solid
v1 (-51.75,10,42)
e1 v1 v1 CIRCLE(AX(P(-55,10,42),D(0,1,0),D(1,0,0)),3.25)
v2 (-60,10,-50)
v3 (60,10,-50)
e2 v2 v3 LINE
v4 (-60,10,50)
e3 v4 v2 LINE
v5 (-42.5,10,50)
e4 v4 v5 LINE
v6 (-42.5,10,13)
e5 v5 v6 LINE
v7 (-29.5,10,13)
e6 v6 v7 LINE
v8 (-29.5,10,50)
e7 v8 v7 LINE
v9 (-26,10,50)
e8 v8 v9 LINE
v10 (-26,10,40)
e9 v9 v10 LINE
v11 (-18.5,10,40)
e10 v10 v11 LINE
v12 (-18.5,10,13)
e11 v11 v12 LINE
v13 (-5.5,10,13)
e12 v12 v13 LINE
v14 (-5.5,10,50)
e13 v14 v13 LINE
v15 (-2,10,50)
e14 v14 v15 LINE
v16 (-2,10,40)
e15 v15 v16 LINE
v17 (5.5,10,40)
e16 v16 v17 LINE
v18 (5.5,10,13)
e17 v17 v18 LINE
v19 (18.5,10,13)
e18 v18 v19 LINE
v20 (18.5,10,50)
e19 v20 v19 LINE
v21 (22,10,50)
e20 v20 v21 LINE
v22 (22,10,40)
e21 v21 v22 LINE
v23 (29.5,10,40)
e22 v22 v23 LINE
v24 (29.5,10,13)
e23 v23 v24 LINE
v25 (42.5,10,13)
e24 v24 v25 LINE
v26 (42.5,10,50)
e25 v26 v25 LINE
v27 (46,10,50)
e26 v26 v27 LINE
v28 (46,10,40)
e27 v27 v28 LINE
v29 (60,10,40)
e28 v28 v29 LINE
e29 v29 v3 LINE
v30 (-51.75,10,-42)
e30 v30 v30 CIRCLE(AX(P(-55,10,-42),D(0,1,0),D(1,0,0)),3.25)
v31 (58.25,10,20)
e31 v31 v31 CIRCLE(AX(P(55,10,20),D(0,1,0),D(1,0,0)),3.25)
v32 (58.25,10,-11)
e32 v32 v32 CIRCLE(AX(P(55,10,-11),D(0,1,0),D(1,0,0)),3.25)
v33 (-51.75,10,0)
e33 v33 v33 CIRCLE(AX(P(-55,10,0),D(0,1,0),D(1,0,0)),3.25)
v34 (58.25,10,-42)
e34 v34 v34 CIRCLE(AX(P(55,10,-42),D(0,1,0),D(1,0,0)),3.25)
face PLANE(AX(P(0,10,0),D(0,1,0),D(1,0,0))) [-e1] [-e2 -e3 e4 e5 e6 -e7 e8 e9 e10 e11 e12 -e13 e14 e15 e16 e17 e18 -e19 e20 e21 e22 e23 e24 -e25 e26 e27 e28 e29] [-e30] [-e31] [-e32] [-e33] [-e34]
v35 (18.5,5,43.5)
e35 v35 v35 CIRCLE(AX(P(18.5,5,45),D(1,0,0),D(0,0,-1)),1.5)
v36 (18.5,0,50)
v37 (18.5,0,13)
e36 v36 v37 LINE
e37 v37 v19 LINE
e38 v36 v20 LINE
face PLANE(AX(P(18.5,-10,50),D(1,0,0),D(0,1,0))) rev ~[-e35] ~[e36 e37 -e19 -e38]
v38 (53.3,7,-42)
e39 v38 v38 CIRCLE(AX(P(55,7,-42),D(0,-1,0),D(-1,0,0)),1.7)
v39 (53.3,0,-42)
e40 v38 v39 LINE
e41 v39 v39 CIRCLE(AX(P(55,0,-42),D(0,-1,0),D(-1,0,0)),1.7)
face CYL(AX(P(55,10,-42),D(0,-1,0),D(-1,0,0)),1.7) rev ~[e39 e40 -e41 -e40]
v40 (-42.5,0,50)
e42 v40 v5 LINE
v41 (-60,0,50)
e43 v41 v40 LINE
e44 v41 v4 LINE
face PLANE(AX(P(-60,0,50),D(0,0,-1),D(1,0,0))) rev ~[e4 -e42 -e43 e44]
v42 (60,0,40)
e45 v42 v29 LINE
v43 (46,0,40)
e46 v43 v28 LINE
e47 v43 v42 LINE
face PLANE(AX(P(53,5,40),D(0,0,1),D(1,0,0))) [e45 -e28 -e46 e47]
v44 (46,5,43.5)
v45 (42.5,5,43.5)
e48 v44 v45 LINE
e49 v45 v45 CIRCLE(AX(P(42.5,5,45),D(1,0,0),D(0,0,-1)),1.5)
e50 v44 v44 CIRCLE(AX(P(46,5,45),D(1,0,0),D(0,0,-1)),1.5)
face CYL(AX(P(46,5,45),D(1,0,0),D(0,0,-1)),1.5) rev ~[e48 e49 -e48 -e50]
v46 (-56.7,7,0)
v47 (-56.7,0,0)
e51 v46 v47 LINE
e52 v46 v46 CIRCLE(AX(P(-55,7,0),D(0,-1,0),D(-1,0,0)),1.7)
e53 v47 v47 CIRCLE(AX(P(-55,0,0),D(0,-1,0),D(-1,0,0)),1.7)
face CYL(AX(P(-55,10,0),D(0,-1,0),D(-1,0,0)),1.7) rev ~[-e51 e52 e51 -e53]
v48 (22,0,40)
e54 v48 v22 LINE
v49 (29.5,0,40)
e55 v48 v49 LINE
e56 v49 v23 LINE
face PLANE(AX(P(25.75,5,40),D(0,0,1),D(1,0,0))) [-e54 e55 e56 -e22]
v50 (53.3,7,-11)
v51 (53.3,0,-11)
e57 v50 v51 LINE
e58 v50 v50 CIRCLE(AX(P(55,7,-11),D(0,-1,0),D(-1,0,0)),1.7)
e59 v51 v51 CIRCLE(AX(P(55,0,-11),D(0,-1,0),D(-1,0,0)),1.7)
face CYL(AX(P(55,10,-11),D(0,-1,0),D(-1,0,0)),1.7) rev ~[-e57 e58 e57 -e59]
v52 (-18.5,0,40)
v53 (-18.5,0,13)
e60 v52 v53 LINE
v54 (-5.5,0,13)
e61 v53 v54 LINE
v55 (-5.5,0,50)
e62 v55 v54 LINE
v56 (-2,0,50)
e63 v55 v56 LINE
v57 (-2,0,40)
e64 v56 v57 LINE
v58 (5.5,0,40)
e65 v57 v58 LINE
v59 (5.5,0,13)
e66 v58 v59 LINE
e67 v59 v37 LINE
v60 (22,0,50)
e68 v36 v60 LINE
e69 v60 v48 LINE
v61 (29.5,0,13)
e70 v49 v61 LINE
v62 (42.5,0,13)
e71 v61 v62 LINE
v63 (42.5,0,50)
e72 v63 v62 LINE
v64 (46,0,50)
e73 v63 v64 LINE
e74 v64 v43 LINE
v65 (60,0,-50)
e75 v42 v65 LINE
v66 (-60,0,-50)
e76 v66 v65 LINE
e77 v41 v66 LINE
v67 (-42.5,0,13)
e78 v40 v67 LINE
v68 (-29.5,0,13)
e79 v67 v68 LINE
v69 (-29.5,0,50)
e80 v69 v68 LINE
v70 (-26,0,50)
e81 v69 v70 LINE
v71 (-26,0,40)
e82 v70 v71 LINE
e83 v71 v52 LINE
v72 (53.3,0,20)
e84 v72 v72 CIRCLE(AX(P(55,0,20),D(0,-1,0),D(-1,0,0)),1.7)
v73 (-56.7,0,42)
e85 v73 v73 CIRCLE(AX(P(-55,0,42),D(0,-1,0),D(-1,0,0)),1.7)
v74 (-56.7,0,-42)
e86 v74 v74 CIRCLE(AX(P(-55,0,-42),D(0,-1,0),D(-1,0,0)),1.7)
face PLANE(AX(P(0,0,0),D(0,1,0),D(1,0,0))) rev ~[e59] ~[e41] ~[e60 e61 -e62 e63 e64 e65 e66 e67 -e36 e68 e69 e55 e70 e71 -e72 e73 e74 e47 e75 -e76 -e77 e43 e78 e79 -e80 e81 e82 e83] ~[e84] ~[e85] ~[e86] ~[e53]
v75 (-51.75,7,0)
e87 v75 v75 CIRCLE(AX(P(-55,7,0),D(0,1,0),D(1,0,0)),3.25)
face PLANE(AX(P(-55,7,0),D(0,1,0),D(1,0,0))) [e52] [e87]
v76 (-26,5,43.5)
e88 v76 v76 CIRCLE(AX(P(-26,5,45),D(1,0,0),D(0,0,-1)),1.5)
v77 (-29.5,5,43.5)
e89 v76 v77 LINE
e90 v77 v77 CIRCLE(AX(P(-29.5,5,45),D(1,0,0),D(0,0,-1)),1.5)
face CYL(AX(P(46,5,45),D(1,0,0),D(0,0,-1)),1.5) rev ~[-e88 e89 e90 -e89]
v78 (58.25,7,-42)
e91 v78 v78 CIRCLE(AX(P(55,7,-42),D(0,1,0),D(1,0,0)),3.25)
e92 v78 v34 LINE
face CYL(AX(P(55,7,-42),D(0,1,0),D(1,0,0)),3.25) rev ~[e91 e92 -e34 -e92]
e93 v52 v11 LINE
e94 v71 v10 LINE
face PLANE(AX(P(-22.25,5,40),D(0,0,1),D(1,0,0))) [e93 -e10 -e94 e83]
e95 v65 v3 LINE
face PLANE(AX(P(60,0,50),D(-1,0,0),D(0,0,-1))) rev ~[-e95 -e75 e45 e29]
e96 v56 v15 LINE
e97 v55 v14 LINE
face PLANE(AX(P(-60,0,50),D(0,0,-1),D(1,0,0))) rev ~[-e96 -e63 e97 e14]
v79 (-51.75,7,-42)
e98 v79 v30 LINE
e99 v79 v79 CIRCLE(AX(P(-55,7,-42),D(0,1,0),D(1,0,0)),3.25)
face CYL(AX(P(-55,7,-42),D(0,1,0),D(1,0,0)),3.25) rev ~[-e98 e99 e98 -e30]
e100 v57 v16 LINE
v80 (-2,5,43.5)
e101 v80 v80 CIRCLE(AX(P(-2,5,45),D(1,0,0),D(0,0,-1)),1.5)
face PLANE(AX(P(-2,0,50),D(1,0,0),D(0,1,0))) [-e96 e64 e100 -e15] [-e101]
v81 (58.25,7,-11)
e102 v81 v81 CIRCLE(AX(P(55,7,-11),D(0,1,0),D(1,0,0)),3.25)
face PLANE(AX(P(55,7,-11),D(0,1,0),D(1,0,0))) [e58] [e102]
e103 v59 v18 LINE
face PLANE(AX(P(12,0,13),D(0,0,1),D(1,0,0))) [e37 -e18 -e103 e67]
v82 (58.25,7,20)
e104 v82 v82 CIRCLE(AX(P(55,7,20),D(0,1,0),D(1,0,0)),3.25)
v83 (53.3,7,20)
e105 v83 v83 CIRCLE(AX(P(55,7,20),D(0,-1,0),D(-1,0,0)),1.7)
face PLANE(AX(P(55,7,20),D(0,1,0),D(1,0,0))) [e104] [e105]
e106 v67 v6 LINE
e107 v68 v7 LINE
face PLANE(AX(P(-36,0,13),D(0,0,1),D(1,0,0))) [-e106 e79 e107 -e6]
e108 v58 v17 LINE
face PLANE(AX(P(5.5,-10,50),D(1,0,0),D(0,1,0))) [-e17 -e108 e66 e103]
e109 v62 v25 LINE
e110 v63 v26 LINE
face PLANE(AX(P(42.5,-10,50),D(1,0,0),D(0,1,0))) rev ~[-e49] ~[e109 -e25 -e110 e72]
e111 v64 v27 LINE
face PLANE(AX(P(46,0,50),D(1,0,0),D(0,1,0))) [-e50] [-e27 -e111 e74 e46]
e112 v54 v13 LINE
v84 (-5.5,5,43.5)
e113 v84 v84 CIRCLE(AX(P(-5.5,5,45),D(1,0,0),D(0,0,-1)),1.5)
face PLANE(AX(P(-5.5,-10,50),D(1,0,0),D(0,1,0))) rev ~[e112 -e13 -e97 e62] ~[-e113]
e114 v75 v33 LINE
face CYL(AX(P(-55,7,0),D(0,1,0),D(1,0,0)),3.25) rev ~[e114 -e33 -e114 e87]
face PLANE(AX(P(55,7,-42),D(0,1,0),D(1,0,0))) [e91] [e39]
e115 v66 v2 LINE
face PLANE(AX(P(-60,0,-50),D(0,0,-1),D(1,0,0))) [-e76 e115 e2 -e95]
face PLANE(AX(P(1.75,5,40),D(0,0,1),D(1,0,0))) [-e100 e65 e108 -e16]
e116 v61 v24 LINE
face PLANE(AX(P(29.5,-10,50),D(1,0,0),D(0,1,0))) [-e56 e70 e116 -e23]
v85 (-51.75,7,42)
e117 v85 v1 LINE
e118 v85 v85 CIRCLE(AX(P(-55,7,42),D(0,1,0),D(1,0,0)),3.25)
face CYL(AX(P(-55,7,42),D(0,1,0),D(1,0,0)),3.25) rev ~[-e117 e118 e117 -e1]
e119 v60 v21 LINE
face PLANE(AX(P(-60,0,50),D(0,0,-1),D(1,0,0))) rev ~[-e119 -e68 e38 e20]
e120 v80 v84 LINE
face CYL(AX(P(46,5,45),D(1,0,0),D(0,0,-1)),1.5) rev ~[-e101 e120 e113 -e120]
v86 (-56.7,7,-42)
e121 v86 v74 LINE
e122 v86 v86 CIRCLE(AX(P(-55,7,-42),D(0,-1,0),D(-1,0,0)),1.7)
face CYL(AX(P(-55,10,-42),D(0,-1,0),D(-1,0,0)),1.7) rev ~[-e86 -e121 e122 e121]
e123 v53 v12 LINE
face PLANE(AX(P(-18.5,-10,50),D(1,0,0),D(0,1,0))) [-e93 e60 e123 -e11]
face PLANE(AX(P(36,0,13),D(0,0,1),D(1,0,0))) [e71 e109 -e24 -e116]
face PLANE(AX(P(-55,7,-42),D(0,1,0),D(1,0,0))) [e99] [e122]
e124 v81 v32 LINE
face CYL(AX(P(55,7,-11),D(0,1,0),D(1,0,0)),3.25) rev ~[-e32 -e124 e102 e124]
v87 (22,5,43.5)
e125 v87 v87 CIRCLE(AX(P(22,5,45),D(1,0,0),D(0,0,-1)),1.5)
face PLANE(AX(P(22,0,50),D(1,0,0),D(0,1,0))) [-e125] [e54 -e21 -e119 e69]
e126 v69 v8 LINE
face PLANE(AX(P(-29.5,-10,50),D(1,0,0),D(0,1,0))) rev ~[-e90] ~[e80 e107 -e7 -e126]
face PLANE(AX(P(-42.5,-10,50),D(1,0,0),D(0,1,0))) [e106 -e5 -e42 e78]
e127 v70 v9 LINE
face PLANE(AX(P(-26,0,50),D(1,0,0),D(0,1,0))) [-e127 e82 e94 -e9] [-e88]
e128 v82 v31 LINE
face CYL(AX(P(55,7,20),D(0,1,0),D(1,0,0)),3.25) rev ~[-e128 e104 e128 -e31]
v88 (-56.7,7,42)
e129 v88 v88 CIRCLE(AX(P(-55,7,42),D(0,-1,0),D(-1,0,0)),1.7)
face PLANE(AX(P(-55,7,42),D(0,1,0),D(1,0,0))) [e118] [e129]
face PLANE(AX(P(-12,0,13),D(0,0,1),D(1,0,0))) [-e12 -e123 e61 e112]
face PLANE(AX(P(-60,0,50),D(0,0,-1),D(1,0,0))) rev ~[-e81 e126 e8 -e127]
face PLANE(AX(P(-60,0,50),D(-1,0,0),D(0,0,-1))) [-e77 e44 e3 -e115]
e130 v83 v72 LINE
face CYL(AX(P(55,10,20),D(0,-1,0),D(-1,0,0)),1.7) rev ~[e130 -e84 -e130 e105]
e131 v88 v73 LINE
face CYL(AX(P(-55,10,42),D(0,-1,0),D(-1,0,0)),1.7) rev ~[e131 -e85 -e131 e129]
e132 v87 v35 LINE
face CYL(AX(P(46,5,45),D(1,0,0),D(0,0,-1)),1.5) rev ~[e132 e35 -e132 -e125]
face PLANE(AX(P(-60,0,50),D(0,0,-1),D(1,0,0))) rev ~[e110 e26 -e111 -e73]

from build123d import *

# Parameters (mm, degrees)
SKETCH1_W                     = 120
SKETCH1_H                     = 100
BOSS_EXTRUDE1_DEPTH           = 10
SKETCH2_W                     = 13
SKETCH2_H                     = 20
CUT_EXTRUDE1_DEPTH            = 37
SKETCH3_W                     = 14
SKETCH3_H                     = 10
SKETCH3_W_2                   = 7.5
CUT_EXTRUDE4_DEPTH            = 10
SKETCH10_R                    = 1.5
CUT_EXTRUDE5_DEPTH            = 75.5
CBORE_FOR_M3_SHCS_D           = 3.4
CBORE_FOR_M3_SHCS_DEPTH       = 23
CBORE_FOR_M3_SHCS_CBORE_D     = 6.5
CBORE_FOR_M3_SHCS_CBORE_DEPTH = 3
CBORE_FOR_M3_SHCS_TIP         = 1.021463052


with BuildPart() as part:
    # Sketch1 → Boss-Extrude1 (new body)
    with BuildSketch(Plane(origin=(0, 0, 0), x_dir=(1, 0, 0), z_dir=(0, 1, 0))):
        Rectangle(SKETCH1_W, SKETCH1_H)
    extrude(amount=BOSS_EXTRUDE1_DEPTH)

    # Sketch2 → Cut-Extrude1 (cut)
    with BuildSketch(Plane.XY.offset(50)):
        with Locations((-36, 0)):
            Rectangle(SKETCH2_W, SKETCH2_H)
        with Locations((-12, 0)):
            Rectangle(SKETCH2_W, SKETCH2_H)
        with Locations((12, 0)):
            Rectangle(SKETCH2_W, SKETCH2_H)
        with Locations((36, 0)):
            Rectangle(SKETCH2_W, SKETCH2_H)
    extrude(amount=-CUT_EXTRUDE1_DEPTH, mode=Mode.SUBTRACT)

    # Sketch3 → Cut-Extrude4 (cut)
    with BuildSketch(Plane.XY.offset(50)):
        with Locations((53, 5)):
            Rectangle(SKETCH3_W, SKETCH3_H)
        with Locations((25.75, 5)):
            Rectangle(SKETCH3_W_2, SKETCH3_H)
        with Locations((1.75, 5)):
            Rectangle(SKETCH3_W_2, SKETCH3_H)
        with Locations((-22.25, 5)):
            Rectangle(SKETCH3_W_2, SKETCH3_H)
    extrude(amount=-CUT_EXTRUDE4_DEPTH, mode=Mode.SUBTRACT)

    # Sketch10 → Cut-Extrude5 (cut)
    with BuildSketch(Plane(origin=(46, 0, 0), x_dir=(0, 0, -1), z_dir=(1, 0, 0))):
        with Locations((-45, 5)):
            Circle(SKETCH10_R)
    extrude(amount=-CUT_EXTRUDE5_DEPTH, mode=Mode.SUBTRACT)

    # CBORE for M3 SHCS
    with Locations(Plane(origin=(-676.293536786, 10, -1323.282701689), x_dir=(1, 0, 0), z_dir=(0, 1, 0))):
        with Locations((731.293536786, -1281.282701689), (731.293536786, -1343.282701689), (621.293536786, -1281.282701689), (621.293536786, -1365.282701689), (621.293536786, -1323.282701689), (731.293536786, -1312.282701689)):
            CounterBoreHole(CBORE_FOR_M3_SHCS_D / 2, CBORE_FOR_M3_SHCS_CBORE_D / 2, CBORE_FOR_M3_SHCS_CBORE_DEPTH, depth=CBORE_FOR_M3_SHCS_DEPTH)
            with Locations((0, 0, -(CBORE_FOR_M3_SHCS_DEPTH + CBORE_FOR_M3_SHCS_TIP / 2))):  # 118° drill point
                Cone(0, CBORE_FOR_M3_SHCS_D / 2, CBORE_FOR_M3_SHCS_TIP, mode=Mode.SUBTRACT)


solid = part.part
